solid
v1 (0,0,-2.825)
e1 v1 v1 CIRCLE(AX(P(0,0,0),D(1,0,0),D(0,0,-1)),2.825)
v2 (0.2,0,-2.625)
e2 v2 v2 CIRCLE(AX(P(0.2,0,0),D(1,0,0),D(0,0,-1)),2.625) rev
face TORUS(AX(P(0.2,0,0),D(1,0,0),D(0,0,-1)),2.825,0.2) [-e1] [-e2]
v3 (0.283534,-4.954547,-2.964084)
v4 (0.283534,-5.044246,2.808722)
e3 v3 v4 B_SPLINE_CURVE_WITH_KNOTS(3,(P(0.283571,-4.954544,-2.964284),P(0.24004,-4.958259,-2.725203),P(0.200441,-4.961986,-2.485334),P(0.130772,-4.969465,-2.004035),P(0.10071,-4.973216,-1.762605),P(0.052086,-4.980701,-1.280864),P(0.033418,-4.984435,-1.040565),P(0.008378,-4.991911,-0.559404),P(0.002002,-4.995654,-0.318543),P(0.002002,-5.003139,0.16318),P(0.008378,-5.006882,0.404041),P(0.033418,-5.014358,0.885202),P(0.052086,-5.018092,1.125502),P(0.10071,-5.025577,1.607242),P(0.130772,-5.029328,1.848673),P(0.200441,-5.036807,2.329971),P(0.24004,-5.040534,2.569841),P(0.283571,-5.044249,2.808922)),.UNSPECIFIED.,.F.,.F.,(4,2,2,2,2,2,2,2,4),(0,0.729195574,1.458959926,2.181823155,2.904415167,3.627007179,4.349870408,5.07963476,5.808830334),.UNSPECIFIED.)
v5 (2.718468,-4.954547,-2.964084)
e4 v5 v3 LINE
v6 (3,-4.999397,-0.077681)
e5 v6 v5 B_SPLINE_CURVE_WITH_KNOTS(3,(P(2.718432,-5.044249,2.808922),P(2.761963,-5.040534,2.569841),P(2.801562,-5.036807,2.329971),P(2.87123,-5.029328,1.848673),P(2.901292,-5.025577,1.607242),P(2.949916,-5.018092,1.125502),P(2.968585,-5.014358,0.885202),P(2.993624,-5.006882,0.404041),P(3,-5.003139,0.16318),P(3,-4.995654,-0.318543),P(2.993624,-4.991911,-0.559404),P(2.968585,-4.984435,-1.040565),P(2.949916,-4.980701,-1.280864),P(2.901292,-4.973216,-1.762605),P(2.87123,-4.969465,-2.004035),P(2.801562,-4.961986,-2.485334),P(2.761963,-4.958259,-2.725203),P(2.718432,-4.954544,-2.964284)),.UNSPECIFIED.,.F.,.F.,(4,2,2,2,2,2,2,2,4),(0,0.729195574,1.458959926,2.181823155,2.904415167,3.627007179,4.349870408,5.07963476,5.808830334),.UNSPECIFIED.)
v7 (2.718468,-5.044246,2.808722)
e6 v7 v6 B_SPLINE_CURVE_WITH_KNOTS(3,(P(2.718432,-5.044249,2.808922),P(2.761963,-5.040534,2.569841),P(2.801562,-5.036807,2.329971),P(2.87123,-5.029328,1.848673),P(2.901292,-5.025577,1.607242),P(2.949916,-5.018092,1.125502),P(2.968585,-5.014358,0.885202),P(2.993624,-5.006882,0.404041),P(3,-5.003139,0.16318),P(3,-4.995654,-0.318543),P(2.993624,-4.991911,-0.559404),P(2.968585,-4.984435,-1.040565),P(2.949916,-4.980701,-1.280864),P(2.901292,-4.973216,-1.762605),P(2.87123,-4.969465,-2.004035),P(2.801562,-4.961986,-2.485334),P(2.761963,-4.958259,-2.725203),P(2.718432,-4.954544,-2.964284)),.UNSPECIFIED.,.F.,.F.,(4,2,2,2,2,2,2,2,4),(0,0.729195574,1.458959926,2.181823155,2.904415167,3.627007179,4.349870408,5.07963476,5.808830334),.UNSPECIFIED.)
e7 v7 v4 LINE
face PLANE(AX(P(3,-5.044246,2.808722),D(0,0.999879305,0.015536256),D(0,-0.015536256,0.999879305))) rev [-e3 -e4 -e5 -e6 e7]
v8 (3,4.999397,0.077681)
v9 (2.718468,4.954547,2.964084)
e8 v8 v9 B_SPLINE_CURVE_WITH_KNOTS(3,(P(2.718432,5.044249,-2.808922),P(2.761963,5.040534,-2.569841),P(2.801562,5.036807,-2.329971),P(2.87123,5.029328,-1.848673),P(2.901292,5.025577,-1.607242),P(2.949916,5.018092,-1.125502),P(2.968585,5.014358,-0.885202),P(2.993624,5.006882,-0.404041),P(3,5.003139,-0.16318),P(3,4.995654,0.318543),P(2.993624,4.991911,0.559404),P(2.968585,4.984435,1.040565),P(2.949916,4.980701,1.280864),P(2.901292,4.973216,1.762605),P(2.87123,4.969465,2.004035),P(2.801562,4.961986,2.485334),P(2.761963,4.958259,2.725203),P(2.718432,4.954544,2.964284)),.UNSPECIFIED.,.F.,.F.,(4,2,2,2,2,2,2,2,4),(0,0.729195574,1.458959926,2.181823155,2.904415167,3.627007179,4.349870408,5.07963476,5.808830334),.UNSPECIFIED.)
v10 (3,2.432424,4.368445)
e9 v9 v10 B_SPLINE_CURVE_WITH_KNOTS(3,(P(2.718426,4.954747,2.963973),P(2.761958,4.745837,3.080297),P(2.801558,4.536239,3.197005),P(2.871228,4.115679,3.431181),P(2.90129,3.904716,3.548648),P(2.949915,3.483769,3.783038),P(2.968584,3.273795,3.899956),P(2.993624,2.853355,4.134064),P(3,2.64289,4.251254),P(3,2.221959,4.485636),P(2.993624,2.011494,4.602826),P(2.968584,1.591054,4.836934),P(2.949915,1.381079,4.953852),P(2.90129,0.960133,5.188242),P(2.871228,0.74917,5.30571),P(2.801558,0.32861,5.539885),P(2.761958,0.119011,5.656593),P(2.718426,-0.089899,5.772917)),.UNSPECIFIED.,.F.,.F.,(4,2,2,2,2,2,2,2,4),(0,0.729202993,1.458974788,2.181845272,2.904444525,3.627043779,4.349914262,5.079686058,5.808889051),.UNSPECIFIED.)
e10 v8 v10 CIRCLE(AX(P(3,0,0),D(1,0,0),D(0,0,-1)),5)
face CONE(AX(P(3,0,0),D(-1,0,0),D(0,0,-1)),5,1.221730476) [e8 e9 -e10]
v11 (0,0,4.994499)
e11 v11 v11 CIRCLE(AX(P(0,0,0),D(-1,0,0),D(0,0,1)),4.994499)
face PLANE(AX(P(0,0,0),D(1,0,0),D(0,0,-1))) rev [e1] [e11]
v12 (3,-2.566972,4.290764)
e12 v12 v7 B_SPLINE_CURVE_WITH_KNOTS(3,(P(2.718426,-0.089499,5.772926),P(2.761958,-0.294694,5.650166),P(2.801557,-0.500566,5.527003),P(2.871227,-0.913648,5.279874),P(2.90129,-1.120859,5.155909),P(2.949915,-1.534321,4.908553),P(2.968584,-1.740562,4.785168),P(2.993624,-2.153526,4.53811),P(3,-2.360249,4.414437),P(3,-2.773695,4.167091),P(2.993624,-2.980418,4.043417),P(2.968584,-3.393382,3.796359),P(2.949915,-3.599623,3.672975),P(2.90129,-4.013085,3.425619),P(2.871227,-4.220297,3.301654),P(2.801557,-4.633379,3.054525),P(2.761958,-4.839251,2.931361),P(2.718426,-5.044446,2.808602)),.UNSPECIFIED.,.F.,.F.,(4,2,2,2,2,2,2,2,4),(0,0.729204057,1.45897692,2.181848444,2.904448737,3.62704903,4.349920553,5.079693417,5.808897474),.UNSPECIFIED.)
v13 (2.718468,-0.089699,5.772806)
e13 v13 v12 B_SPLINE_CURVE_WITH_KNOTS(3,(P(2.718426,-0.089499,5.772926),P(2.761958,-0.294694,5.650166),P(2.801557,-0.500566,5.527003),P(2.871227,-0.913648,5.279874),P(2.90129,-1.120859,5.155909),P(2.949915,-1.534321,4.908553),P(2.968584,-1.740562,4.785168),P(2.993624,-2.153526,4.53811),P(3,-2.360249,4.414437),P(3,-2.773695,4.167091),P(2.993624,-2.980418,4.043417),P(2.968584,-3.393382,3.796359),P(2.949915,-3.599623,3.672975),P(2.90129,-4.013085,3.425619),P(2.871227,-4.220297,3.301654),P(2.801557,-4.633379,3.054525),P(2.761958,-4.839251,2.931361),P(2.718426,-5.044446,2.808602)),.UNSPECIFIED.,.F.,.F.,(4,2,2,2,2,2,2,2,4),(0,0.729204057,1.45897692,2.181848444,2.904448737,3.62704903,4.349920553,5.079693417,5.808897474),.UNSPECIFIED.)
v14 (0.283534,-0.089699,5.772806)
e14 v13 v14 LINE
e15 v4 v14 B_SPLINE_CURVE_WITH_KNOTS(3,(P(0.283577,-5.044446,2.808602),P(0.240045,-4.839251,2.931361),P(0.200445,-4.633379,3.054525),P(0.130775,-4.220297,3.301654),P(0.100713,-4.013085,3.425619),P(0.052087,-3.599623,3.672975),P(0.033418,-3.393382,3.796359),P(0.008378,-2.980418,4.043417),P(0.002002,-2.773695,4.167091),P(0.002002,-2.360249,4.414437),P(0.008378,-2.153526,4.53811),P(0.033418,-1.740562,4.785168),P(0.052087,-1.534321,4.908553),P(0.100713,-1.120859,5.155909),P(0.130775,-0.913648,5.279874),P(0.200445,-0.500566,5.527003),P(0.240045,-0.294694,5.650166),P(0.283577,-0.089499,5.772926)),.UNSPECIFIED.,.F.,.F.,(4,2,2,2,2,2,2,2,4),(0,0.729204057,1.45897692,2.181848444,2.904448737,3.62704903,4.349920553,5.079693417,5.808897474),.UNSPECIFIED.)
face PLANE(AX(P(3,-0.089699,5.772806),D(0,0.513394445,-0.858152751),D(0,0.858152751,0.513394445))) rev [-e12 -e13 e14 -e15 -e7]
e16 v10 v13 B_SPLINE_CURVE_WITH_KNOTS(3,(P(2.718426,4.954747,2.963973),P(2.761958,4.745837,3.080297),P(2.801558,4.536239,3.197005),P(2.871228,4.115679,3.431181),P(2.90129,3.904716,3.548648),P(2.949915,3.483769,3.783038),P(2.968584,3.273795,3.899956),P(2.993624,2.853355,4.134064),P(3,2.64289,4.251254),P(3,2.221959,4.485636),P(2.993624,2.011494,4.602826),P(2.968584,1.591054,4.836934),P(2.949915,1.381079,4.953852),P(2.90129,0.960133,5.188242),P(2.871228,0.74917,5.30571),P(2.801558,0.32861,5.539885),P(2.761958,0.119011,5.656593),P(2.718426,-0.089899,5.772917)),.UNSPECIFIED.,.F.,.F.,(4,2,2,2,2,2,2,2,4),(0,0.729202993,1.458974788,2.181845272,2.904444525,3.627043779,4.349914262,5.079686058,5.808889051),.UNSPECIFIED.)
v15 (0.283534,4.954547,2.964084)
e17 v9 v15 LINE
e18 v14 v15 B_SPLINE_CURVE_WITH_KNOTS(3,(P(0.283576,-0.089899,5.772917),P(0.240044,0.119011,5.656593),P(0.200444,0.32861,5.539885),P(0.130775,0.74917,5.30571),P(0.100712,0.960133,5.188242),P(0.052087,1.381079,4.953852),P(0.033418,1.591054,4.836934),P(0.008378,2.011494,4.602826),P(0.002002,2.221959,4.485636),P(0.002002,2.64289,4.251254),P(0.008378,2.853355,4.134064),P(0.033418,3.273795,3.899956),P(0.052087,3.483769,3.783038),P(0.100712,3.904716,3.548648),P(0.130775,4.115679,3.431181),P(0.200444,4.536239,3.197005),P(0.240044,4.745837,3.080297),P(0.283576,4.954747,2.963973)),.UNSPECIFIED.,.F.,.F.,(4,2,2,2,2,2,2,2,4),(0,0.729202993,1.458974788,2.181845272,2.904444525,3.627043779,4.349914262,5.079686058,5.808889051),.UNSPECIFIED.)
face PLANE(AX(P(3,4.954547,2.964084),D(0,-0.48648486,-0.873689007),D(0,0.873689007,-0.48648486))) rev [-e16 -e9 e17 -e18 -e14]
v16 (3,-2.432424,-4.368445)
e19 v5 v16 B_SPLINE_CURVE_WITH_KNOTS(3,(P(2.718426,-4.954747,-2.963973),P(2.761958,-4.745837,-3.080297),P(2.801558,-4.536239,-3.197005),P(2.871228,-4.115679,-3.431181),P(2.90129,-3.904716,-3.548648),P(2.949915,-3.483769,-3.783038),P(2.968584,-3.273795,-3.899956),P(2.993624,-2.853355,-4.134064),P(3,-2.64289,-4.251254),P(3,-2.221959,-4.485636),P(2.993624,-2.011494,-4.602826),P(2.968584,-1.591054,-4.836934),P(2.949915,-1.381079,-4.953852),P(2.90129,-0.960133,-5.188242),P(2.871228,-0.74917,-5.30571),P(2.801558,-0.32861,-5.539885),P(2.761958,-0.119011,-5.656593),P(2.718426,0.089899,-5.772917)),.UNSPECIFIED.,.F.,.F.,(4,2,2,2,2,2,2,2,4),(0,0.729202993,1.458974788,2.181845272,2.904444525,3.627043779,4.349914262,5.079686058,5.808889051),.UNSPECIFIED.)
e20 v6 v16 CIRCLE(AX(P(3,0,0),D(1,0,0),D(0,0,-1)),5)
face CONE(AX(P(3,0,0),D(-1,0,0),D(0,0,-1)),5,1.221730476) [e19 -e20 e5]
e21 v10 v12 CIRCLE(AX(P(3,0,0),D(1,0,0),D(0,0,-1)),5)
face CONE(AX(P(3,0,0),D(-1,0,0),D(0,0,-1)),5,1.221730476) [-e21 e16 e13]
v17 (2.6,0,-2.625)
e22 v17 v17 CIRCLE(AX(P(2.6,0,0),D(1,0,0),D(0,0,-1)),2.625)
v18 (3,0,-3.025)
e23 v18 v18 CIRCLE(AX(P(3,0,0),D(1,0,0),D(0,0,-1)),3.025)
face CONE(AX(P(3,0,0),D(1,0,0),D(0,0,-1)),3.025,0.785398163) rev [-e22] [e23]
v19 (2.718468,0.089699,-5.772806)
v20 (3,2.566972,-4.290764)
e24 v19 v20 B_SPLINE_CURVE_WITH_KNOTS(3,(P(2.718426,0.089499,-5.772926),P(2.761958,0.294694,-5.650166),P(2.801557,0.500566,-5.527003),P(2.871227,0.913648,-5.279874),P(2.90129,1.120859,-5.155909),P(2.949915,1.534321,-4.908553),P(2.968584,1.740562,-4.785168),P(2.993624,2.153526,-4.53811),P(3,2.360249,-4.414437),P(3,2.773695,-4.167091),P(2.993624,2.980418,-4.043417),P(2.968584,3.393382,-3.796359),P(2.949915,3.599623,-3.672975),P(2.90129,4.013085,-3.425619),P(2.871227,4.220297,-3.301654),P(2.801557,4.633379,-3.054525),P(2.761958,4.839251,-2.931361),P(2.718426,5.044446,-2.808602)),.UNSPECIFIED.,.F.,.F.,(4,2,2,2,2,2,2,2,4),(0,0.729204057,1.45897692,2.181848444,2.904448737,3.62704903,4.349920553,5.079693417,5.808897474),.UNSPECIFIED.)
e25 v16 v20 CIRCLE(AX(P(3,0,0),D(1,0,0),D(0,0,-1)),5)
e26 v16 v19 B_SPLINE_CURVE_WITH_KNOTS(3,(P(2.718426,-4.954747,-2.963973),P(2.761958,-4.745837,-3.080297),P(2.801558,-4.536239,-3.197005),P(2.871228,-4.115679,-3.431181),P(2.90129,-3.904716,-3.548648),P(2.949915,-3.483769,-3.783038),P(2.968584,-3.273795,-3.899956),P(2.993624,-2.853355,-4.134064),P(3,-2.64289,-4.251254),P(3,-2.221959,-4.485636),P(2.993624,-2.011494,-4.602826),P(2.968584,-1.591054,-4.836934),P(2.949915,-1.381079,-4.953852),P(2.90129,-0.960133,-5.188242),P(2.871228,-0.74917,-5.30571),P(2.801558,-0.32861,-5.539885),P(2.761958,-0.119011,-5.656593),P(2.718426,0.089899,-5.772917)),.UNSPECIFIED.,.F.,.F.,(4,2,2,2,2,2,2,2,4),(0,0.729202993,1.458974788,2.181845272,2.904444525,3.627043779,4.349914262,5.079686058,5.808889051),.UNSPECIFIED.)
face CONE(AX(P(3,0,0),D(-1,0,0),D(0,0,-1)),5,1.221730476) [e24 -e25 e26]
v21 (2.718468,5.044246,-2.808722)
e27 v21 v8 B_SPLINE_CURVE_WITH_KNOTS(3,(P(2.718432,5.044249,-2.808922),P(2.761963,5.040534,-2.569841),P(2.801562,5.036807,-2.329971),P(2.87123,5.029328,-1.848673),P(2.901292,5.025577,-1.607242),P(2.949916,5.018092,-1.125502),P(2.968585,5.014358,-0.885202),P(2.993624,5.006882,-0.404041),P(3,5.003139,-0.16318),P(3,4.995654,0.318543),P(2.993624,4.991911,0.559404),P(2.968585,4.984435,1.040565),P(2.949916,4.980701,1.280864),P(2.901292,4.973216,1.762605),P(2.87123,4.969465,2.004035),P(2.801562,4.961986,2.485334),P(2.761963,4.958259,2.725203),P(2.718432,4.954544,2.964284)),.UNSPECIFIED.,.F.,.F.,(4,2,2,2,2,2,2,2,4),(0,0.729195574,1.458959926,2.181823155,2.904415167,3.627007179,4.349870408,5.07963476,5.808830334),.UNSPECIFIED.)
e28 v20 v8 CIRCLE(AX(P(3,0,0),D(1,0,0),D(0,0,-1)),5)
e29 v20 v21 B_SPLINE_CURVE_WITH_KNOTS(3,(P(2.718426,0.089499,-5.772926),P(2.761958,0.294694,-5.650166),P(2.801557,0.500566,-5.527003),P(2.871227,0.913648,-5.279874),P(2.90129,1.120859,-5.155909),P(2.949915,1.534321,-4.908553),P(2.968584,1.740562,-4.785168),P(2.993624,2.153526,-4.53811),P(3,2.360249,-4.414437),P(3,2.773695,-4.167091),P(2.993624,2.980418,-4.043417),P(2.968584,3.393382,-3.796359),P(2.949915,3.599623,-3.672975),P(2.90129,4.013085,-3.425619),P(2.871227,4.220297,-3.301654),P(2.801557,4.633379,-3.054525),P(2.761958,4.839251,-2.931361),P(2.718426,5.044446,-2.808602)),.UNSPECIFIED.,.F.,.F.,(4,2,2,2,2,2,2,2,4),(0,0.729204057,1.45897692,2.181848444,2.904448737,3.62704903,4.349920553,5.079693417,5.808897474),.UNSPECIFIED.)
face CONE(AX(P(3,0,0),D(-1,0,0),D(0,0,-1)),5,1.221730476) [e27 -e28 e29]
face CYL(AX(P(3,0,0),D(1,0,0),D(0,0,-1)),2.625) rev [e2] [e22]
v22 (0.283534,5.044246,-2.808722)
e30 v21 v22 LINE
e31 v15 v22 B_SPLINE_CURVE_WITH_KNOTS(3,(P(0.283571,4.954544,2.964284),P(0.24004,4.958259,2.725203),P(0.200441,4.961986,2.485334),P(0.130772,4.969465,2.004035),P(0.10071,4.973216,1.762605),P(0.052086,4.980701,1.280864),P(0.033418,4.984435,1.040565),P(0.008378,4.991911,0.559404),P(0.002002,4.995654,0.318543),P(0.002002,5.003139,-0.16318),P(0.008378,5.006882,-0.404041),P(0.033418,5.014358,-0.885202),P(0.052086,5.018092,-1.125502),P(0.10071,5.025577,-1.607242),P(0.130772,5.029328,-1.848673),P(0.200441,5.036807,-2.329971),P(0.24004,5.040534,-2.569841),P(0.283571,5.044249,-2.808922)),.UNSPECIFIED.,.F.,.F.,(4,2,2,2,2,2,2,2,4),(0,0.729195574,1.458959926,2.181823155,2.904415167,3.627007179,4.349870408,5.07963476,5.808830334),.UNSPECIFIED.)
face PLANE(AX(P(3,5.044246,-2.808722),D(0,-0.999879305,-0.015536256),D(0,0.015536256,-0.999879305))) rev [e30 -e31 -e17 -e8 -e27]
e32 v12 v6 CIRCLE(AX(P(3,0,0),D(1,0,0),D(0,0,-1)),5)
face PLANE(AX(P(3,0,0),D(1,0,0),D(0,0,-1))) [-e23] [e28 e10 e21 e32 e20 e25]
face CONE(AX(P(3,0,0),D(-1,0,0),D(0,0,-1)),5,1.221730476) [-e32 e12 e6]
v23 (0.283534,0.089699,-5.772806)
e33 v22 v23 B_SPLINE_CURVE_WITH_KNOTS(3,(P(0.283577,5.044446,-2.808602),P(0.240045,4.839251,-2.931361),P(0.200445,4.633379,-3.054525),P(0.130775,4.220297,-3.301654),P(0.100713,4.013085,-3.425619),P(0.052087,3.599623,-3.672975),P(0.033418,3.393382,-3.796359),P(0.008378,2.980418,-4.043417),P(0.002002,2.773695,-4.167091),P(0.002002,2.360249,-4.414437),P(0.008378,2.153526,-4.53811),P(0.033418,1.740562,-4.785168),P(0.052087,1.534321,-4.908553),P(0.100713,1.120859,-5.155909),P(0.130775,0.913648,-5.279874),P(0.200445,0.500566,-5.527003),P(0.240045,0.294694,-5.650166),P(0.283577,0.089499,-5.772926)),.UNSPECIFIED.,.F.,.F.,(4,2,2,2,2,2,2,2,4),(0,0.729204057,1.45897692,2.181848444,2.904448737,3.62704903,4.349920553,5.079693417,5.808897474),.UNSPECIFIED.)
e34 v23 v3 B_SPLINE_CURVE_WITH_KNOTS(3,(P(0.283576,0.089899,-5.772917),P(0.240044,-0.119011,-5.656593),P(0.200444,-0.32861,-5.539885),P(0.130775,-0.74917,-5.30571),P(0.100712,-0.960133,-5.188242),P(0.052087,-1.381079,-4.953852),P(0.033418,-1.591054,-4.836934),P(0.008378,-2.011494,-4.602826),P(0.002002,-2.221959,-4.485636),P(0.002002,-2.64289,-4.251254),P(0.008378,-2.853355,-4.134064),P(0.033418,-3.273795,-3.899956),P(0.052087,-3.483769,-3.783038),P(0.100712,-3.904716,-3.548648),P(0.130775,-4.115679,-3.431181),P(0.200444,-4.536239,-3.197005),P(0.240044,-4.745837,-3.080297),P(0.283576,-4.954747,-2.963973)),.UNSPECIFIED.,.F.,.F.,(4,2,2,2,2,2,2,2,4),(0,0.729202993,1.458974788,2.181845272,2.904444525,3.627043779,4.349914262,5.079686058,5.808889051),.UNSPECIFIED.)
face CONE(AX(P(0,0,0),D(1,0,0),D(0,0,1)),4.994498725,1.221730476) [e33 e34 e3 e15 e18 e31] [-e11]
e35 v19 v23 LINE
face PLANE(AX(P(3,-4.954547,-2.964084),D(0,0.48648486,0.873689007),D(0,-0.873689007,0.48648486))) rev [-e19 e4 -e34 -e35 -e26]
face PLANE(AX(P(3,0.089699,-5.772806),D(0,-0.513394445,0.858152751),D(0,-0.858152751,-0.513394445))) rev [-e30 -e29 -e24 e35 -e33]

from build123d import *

# Parameters (mm, degrees)
RESSALTO_EXTRUS_O1_DEPTH = 3
FILETE1_R                = 0.2
ESBO_O12_OUTSIDE_W       = 88.106
ESBO_O12_OUTSIDE_H       = 86.648
ESBO_O12_OUTSIDE_R       = 5
CORTE_EXTRUS_O3_DEPTH    = 13
CORTE_EXTRUS_O3_DRAFT    = -70
ESBO_O17_OUTSIDE_W       = 88.106
ESBO_O17_OUTSIDE_H       = 86.648
ESBO_O17_OUTSIDE_R       = 4.994498725
CORTE_EXTRUS_O4_DEPTH    = 13
CORTE_EXTRUS_O4_DRAFT    = -70


with BuildPart() as part:
    # Esboço1 → Ressalto-extrusão1 (new body)
    with BuildSketch(Plane(origin=(0, 0, 0), x_dir=(0, 0, -1), z_dir=(1, 0, 0))):
        Polygon((2.808721651, 5.044245833), (-2.964084209, 4.954547218), (-5.77280586, -0.089698615), (-2.808721651, -5.044245833), (2.964084209, -4.954547218), (5.77280586, 0.089698615), align=None)
    extrude(amount=RESSALTO_EXTRUS_O1_DEPTH)

    # Esboço11 → Furo roscado de M6x0.752 (revolve, cut)
    with BuildSketch(Plane(origin=(3, 0, 0), x_dir=(0, 0, -1), z_dir=(0, 1, 0))):
        Polygon((0, 0), (0, 3), (2.625, 3), (2.625, 0.4), (3.025, 0), align=None)
    revolve(axis=Axis((9.35, 0, 0), (-1, 0, 0)), mode=Mode.SUBTRACT)

    # Filete1
    filete1_edges = [part.edges().sort_by_distance(p)[0] for p in [
        (0, 0, 2.625),
    ]]
    fillet(filete1_edges, radius=FILETE1_R)


with BuildPart() as corte_extrus_o3_tool:
    # Esboço12 outside → Corte-extrusão3 (with draft: the straight prism first)
    with BuildSketch(Plane(origin=(3, 0, 0), x_dir=(0, 0, -1), z_dir=(1, 0, 0))):
        Rectangle(ESBO_O12_OUTSIDE_W, ESBO_O12_OUTSIDE_H)
        Circle(ESBO_O12_OUTSIDE_R, mode=Mode.SUBTRACT)
    extrude(amount=-CORTE_EXTRUS_O3_DEPTH)
    # Corte-extrusão3: the draft: its side faces are tilted about the plane it starts from
    corte_extrus_o3_sides = [corte_extrus_o3_tool.faces().sort_by_distance(p)[0] for p in [
        (-3.5, -43.324, 0),
        (-3.5, 0, -44.053),
        (-3.5, 43.324, 0),
        (-3.5, 0, 44.053),
        (-3.5, 0, 5),
    ]]
    draft(corte_extrus_o3_sides, Plane(origin=(3, 0, 0), x_dir=(0, 0, -1), z_dir=(1, 0, 0)), CORTE_EXTRUS_O3_DRAFT)


with BuildPart() as part_1:
    add(part.part)

    # Corte-extrusão3: cut by corte_extrus_o3_tool
    add(corte_extrus_o3_tool.part, mode=Mode.SUBTRACT)


with BuildPart() as corte_extrus_o4_tool:
    # Esboço17 outside → Corte-extrusão4 (with draft: the straight prism first)
    with BuildSketch(Plane.ZY):
        Rectangle(ESBO_O17_OUTSIDE_W, ESBO_O17_OUTSIDE_H)
        Circle(ESBO_O17_OUTSIDE_R, mode=Mode.SUBTRACT)
    extrude(amount=-CORTE_EXTRUS_O4_DEPTH)
    # Corte-extrusão4: the draft: its side faces are tilted about the plane it starts from
    corte_extrus_o4_sides = [corte_extrus_o4_tool.faces().sort_by_distance(p)[0] for p in [
        (6.5, -43.324, 0),
        (6.5, 0, 44.053),
        (6.5, 43.324, 0),
        (6.5, 0, -44.053),
        (6.5, 0, -4.994498725),
    ]]
    draft(corte_extrus_o4_sides, Plane.ZY, CORTE_EXTRUS_O4_DRAFT)


with BuildPart() as part_2:
    add(part_1.part)

    # Corte-extrusão4: cut by corte_extrus_o4_tool
    add(corte_extrus_o4_tool.part, mode=Mode.SUBTRACT)


solid = part_2.part
